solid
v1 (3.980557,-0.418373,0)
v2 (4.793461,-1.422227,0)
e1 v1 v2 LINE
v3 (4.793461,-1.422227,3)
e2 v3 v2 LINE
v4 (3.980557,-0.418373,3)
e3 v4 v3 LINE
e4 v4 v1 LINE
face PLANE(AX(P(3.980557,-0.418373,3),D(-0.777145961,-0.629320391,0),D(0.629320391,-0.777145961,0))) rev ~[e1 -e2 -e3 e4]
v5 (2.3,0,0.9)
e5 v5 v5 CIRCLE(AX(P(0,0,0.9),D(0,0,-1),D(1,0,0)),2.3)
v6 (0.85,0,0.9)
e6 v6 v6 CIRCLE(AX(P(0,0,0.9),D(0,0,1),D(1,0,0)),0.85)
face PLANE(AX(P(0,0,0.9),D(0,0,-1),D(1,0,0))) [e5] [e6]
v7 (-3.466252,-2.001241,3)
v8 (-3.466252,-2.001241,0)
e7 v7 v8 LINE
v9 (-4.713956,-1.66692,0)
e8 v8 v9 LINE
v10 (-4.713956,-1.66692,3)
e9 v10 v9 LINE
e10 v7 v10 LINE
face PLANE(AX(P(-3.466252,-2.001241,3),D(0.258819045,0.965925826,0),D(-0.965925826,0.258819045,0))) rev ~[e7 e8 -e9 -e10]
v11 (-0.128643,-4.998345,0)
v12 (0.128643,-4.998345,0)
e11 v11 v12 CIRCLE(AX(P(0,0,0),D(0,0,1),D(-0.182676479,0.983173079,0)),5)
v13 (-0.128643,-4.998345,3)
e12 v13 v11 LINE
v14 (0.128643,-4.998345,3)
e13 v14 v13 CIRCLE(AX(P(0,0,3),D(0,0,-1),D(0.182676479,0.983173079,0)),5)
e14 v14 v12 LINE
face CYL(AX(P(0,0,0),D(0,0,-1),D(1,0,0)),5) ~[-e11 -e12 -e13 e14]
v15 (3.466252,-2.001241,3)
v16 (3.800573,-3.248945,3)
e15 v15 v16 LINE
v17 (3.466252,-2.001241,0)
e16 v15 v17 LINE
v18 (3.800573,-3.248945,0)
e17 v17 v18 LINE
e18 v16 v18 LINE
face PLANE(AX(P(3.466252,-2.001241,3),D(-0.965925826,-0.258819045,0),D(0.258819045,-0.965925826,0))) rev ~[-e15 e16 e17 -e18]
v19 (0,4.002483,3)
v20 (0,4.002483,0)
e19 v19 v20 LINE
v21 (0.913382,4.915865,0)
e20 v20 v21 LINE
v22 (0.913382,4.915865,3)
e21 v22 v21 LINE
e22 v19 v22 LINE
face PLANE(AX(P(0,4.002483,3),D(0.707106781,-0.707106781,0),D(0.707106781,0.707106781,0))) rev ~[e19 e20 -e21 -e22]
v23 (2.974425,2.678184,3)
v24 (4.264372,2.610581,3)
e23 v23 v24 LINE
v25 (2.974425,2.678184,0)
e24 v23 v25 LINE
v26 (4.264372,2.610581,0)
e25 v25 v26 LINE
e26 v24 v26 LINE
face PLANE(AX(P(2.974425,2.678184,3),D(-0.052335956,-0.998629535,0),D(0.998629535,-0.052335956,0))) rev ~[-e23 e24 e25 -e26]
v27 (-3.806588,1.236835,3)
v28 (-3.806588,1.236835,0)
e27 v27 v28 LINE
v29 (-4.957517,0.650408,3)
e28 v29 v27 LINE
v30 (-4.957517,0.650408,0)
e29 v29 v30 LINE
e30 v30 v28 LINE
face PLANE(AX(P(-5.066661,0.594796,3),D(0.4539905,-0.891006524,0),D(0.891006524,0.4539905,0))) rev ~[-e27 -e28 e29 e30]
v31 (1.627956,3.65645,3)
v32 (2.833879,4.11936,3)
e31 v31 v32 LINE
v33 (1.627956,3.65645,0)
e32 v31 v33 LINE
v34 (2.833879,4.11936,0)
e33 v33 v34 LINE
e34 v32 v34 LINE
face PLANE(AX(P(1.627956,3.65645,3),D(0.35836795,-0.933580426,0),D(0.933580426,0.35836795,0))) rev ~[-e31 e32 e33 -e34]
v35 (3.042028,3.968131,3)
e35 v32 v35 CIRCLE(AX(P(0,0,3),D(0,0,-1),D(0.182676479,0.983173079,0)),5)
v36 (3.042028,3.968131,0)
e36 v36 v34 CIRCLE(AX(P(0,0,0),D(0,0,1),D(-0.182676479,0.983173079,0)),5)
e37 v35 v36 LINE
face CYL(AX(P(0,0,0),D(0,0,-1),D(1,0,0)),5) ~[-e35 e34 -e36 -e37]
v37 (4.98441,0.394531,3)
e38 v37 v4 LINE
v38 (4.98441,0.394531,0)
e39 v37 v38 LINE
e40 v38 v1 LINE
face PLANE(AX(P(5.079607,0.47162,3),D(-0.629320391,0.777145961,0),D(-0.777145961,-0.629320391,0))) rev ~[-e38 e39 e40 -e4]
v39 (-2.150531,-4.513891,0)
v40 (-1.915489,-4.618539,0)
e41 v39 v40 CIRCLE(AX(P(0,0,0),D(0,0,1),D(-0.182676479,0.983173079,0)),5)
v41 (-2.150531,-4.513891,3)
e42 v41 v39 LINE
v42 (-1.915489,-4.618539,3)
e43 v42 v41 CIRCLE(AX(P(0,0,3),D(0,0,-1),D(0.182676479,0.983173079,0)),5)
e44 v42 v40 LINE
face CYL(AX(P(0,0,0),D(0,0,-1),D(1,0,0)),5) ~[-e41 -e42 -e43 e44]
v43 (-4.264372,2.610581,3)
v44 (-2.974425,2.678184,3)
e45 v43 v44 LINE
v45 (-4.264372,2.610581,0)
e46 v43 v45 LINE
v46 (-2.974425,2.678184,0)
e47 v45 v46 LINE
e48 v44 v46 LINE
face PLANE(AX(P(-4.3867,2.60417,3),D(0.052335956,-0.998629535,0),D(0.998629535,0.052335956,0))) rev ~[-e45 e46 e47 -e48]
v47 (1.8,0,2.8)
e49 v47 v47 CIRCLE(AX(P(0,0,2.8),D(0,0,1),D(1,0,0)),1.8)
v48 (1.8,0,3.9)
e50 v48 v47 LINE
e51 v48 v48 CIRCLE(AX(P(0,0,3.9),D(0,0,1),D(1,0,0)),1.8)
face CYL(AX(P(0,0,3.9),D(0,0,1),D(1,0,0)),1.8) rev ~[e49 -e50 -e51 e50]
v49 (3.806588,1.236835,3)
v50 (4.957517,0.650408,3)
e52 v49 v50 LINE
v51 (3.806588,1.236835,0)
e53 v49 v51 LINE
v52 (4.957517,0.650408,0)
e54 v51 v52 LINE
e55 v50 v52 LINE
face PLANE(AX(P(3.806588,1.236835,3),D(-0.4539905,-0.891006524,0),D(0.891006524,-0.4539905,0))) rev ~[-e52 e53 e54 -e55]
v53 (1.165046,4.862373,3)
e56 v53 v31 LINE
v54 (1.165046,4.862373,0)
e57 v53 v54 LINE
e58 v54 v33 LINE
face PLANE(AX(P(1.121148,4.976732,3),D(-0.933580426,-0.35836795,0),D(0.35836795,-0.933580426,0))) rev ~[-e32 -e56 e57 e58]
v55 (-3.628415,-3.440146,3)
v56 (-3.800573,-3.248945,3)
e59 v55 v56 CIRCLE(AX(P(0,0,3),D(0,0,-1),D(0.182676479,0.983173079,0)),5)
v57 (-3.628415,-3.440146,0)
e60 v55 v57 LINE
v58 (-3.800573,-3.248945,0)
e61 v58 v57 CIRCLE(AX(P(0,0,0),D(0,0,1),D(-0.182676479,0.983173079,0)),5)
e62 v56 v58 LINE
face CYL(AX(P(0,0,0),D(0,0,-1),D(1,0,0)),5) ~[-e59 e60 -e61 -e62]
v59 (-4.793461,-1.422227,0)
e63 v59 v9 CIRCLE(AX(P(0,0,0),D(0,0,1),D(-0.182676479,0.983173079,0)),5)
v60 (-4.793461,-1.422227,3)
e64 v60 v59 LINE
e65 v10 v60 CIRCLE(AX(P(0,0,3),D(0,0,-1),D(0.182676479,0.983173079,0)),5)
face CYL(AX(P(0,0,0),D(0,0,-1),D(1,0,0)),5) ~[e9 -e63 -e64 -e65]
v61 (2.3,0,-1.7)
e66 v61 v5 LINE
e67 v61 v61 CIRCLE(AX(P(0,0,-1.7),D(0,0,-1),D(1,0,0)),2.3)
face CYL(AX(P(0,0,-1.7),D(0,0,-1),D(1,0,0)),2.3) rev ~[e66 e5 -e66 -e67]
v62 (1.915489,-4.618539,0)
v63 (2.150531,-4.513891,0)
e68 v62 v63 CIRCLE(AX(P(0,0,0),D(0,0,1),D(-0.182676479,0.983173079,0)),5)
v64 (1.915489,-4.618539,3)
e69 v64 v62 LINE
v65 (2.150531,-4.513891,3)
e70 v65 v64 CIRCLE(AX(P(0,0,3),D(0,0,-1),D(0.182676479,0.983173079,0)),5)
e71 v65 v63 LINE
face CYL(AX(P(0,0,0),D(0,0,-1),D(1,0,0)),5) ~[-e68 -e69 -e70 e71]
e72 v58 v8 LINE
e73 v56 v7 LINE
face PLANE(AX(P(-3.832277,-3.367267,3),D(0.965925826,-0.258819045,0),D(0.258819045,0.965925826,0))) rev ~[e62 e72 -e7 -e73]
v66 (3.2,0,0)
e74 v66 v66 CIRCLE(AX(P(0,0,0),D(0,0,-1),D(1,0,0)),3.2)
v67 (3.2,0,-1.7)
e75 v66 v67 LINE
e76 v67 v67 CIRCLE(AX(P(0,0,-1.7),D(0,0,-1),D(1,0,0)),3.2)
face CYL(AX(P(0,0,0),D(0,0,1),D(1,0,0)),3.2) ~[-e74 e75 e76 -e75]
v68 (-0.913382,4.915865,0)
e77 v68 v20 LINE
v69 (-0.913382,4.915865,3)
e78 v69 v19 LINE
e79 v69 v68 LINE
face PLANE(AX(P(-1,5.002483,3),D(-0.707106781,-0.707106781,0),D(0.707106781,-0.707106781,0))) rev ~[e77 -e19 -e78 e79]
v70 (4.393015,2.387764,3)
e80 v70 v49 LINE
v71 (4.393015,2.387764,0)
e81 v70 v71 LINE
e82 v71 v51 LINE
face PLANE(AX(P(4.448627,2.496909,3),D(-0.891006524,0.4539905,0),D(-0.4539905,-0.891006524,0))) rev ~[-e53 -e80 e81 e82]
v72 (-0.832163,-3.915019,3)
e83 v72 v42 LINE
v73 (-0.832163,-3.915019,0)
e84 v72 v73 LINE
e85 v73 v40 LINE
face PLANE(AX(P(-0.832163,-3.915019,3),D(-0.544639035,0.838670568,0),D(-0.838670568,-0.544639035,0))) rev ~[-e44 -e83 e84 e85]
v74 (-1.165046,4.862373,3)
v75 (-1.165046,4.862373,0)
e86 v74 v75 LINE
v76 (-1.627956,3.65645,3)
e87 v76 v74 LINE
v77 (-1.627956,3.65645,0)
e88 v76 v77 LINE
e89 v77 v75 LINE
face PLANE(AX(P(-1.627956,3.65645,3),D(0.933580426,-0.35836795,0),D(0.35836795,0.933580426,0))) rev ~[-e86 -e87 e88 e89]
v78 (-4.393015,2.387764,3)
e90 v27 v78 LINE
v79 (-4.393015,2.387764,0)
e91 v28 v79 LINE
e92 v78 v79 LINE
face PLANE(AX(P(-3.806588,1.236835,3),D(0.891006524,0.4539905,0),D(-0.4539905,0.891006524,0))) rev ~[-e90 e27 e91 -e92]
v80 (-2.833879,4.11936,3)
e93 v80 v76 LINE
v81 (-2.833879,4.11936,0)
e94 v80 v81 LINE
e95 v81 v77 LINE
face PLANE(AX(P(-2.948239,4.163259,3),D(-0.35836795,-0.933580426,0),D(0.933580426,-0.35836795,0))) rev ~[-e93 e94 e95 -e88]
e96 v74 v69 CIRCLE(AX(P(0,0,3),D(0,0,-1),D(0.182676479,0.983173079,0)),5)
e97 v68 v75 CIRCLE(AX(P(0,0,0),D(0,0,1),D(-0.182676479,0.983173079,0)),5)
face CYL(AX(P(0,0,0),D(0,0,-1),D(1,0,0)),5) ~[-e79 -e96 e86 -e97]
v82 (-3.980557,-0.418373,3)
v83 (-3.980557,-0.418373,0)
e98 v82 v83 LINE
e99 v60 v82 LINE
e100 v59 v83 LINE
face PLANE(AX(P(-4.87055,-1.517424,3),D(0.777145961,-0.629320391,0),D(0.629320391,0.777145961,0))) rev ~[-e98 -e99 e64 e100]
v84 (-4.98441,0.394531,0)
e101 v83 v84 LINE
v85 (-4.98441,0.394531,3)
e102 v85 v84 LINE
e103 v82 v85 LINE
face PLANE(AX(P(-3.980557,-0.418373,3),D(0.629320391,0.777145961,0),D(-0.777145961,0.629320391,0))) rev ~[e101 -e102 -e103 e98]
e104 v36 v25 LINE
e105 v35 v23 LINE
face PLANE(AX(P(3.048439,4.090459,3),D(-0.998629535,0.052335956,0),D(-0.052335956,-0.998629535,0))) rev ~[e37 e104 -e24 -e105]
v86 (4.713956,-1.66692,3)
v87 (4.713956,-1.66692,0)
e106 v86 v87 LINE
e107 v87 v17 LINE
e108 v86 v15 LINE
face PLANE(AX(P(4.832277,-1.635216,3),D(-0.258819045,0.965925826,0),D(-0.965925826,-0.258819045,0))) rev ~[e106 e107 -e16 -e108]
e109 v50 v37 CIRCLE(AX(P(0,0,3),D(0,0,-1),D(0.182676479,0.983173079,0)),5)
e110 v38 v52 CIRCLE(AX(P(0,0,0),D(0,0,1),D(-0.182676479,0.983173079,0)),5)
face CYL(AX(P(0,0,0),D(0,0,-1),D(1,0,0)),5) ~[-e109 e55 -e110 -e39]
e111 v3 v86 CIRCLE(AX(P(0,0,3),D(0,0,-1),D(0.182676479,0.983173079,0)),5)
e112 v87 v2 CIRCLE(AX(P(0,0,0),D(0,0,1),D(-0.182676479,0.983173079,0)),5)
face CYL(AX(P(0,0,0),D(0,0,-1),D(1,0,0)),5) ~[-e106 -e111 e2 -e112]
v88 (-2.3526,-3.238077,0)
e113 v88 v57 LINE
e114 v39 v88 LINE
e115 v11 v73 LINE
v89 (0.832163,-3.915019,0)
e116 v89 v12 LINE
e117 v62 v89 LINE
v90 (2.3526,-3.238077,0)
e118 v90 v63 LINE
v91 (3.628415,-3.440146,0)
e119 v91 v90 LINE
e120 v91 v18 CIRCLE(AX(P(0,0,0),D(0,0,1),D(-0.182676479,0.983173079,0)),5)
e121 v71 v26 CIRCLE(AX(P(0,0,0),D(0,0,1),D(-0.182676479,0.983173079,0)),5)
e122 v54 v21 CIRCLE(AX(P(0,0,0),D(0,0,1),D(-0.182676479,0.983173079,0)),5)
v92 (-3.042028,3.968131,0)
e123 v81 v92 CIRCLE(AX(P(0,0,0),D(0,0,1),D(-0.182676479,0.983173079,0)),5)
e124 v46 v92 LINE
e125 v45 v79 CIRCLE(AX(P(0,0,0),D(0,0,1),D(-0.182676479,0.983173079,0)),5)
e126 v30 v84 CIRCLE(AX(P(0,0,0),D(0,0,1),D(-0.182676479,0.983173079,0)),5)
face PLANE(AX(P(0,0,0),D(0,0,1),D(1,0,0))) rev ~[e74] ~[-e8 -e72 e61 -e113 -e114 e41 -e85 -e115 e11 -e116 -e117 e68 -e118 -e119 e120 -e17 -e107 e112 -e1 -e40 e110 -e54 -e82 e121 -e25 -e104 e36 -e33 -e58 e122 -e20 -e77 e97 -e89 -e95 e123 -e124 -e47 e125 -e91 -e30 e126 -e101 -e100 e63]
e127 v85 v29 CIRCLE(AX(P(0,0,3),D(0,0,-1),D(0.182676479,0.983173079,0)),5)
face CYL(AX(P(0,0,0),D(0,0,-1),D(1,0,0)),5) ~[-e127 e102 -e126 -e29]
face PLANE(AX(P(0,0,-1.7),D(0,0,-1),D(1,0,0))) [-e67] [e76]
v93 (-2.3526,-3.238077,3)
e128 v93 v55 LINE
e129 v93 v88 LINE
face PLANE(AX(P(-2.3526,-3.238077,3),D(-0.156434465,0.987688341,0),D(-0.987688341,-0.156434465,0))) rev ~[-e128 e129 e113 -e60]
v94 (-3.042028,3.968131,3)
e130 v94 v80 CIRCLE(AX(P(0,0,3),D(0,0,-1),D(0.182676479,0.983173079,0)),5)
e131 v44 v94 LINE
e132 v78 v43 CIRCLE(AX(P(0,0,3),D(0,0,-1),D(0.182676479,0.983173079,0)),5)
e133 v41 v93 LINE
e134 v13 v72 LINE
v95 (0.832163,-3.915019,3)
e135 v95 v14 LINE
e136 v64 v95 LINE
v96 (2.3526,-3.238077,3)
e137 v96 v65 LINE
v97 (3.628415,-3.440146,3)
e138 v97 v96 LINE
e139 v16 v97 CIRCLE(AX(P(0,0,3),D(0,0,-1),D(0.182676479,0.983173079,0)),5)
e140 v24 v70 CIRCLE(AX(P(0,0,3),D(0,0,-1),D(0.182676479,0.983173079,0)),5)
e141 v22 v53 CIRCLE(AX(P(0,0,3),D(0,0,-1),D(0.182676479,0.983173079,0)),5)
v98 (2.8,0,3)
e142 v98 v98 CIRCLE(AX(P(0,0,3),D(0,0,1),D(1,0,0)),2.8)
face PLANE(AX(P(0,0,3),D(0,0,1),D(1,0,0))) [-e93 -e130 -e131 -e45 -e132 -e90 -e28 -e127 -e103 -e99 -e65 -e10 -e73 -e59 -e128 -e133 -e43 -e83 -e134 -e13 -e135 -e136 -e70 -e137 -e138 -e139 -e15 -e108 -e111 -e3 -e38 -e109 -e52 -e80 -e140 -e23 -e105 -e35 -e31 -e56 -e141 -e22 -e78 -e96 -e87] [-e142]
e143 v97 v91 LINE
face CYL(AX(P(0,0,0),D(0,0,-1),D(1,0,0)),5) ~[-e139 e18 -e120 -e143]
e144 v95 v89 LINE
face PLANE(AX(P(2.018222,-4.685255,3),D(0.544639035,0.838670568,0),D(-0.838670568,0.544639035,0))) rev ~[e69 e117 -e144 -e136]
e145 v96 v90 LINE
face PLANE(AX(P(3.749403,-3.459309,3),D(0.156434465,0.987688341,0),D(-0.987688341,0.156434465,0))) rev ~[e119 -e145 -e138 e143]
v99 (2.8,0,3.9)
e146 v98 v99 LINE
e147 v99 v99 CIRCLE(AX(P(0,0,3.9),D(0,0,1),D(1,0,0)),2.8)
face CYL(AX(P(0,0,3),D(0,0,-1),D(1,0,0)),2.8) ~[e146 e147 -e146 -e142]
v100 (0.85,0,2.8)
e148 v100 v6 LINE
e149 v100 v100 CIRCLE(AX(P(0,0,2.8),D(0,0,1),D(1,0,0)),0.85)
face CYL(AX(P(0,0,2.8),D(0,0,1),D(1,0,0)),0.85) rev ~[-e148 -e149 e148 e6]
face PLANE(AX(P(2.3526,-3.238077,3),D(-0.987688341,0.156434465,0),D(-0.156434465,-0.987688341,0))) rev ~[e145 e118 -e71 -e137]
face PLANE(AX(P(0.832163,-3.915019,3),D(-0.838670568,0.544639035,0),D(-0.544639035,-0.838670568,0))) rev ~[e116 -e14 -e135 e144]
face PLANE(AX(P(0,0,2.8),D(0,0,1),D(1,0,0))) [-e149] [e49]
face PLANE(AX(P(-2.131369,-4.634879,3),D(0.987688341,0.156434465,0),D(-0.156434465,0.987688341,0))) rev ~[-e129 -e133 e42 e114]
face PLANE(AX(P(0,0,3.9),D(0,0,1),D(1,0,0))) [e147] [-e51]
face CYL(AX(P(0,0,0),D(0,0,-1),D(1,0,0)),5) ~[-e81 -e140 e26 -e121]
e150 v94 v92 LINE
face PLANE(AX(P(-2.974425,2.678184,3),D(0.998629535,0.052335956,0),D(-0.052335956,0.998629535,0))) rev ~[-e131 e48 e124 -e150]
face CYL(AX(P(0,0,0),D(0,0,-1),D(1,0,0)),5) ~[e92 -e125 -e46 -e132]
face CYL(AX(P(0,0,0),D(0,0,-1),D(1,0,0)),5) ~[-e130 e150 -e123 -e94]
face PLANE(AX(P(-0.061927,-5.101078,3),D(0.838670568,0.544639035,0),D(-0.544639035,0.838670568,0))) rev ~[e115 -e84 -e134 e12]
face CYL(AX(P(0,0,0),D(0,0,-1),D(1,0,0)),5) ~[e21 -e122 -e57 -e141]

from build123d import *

# Parameters (mm, degrees)
SKETCH_R           = 5
PAD_DEPTH          = 3
SKETCH001_R        = 2.8
PAD001_DEPTH       = 0.9
SKETCH002_R        = 1.8
POCKET_DEPTH       = 1.1
SKETCH003_R        = 3.2
PAD002_DEPTH       = 1.7
SKETCH004_R        = 2.3
POCKET001_DEPTH    = 2.6
SKETCH005_R        = 0.4
POCKET002_DEPTH    = 4.701
POCKET003_DEPTH    = 35.122045
POLARPATTERN_COUNT = 15
SKETCH008_R        = 0.85
POCKET004_DEPTH    = 4.501


with BuildPart() as part:
    # Sketch → Pad (new body)
    with BuildSketch(Plane.XY):
        Circle(SKETCH_R)
    extrude(amount=PAD_DEPTH)

    # Sketch001 → Pad001 (new body)
    with BuildSketch(Plane.XY.offset(3)):
        Circle(SKETCH001_R)
    extrude(amount=PAD001_DEPTH)

    # Sketch002 → Pocket (cut)
    with BuildSketch(Plane.XY.offset(3.9)):
        Circle(SKETCH002_R)
    extrude(amount=-POCKET_DEPTH, mode=Mode.SUBTRACT)

    # Sketch003 → Pad002 (new body)
    with BuildSketch(Plane(origin=(0, 0, 0), x_dir=(1, 0, 0), z_dir=(0, 0, -1))):
        Circle(SKETCH003_R)
    extrude(amount=PAD002_DEPTH)

    # Sketch004 → Pocket001 (cut)
    with BuildSketch(Plane(origin=(0, 0, -1.7), x_dir=(1, 0, 0), z_dir=(0, 0, -1))):
        Circle(SKETCH004_R)
    extrude(amount=-POCKET001_DEPTH, mode=Mode.SUBTRACT)

    # Sketch005 → Pocket002 (cut, through all)
    with BuildSketch(Plane.XY.offset(3)):
        with Locations((-1.8, 7.126184)):
            Circle(SKETCH005_R)
        with Locations((1.8, 7.126184)):
            Circle(SKETCH005_R)
    extrude(amount=-POCKET002_DEPTH, mode=Mode.SUBTRACT)

    # Sketch007 → Pocket003 (cut, through all)
    with BuildSketch(Plane.XY.offset(3)):
        Polygon((-1, 5.002483), (0, 4.002483), (1, 5.002483), align=None)
    pocket003 = extrude(amount=-POCKET003_DEPTH, mode=Mode.SUBTRACT)

    # PolarPattern: Pocket003 ×15 about axis
    polarpattern_axis = Axis((0, 0, 3), (0, 0, 1))
    for i in range(1, POLARPATTERN_COUNT):
        add(pocket003.rotate(polarpattern_axis, i * 360 / POLARPATTERN_COUNT), mode=Mode.SUBTRACT)

    # Sketch008 → Pocket004 (cut, through all)
    with BuildSketch(Plane.XY.offset(2.8)):
        Circle(SKETCH008_R)
    extrude(amount=-POCKET004_DEPTH, mode=Mode.SUBTRACT)


solid = part.part
